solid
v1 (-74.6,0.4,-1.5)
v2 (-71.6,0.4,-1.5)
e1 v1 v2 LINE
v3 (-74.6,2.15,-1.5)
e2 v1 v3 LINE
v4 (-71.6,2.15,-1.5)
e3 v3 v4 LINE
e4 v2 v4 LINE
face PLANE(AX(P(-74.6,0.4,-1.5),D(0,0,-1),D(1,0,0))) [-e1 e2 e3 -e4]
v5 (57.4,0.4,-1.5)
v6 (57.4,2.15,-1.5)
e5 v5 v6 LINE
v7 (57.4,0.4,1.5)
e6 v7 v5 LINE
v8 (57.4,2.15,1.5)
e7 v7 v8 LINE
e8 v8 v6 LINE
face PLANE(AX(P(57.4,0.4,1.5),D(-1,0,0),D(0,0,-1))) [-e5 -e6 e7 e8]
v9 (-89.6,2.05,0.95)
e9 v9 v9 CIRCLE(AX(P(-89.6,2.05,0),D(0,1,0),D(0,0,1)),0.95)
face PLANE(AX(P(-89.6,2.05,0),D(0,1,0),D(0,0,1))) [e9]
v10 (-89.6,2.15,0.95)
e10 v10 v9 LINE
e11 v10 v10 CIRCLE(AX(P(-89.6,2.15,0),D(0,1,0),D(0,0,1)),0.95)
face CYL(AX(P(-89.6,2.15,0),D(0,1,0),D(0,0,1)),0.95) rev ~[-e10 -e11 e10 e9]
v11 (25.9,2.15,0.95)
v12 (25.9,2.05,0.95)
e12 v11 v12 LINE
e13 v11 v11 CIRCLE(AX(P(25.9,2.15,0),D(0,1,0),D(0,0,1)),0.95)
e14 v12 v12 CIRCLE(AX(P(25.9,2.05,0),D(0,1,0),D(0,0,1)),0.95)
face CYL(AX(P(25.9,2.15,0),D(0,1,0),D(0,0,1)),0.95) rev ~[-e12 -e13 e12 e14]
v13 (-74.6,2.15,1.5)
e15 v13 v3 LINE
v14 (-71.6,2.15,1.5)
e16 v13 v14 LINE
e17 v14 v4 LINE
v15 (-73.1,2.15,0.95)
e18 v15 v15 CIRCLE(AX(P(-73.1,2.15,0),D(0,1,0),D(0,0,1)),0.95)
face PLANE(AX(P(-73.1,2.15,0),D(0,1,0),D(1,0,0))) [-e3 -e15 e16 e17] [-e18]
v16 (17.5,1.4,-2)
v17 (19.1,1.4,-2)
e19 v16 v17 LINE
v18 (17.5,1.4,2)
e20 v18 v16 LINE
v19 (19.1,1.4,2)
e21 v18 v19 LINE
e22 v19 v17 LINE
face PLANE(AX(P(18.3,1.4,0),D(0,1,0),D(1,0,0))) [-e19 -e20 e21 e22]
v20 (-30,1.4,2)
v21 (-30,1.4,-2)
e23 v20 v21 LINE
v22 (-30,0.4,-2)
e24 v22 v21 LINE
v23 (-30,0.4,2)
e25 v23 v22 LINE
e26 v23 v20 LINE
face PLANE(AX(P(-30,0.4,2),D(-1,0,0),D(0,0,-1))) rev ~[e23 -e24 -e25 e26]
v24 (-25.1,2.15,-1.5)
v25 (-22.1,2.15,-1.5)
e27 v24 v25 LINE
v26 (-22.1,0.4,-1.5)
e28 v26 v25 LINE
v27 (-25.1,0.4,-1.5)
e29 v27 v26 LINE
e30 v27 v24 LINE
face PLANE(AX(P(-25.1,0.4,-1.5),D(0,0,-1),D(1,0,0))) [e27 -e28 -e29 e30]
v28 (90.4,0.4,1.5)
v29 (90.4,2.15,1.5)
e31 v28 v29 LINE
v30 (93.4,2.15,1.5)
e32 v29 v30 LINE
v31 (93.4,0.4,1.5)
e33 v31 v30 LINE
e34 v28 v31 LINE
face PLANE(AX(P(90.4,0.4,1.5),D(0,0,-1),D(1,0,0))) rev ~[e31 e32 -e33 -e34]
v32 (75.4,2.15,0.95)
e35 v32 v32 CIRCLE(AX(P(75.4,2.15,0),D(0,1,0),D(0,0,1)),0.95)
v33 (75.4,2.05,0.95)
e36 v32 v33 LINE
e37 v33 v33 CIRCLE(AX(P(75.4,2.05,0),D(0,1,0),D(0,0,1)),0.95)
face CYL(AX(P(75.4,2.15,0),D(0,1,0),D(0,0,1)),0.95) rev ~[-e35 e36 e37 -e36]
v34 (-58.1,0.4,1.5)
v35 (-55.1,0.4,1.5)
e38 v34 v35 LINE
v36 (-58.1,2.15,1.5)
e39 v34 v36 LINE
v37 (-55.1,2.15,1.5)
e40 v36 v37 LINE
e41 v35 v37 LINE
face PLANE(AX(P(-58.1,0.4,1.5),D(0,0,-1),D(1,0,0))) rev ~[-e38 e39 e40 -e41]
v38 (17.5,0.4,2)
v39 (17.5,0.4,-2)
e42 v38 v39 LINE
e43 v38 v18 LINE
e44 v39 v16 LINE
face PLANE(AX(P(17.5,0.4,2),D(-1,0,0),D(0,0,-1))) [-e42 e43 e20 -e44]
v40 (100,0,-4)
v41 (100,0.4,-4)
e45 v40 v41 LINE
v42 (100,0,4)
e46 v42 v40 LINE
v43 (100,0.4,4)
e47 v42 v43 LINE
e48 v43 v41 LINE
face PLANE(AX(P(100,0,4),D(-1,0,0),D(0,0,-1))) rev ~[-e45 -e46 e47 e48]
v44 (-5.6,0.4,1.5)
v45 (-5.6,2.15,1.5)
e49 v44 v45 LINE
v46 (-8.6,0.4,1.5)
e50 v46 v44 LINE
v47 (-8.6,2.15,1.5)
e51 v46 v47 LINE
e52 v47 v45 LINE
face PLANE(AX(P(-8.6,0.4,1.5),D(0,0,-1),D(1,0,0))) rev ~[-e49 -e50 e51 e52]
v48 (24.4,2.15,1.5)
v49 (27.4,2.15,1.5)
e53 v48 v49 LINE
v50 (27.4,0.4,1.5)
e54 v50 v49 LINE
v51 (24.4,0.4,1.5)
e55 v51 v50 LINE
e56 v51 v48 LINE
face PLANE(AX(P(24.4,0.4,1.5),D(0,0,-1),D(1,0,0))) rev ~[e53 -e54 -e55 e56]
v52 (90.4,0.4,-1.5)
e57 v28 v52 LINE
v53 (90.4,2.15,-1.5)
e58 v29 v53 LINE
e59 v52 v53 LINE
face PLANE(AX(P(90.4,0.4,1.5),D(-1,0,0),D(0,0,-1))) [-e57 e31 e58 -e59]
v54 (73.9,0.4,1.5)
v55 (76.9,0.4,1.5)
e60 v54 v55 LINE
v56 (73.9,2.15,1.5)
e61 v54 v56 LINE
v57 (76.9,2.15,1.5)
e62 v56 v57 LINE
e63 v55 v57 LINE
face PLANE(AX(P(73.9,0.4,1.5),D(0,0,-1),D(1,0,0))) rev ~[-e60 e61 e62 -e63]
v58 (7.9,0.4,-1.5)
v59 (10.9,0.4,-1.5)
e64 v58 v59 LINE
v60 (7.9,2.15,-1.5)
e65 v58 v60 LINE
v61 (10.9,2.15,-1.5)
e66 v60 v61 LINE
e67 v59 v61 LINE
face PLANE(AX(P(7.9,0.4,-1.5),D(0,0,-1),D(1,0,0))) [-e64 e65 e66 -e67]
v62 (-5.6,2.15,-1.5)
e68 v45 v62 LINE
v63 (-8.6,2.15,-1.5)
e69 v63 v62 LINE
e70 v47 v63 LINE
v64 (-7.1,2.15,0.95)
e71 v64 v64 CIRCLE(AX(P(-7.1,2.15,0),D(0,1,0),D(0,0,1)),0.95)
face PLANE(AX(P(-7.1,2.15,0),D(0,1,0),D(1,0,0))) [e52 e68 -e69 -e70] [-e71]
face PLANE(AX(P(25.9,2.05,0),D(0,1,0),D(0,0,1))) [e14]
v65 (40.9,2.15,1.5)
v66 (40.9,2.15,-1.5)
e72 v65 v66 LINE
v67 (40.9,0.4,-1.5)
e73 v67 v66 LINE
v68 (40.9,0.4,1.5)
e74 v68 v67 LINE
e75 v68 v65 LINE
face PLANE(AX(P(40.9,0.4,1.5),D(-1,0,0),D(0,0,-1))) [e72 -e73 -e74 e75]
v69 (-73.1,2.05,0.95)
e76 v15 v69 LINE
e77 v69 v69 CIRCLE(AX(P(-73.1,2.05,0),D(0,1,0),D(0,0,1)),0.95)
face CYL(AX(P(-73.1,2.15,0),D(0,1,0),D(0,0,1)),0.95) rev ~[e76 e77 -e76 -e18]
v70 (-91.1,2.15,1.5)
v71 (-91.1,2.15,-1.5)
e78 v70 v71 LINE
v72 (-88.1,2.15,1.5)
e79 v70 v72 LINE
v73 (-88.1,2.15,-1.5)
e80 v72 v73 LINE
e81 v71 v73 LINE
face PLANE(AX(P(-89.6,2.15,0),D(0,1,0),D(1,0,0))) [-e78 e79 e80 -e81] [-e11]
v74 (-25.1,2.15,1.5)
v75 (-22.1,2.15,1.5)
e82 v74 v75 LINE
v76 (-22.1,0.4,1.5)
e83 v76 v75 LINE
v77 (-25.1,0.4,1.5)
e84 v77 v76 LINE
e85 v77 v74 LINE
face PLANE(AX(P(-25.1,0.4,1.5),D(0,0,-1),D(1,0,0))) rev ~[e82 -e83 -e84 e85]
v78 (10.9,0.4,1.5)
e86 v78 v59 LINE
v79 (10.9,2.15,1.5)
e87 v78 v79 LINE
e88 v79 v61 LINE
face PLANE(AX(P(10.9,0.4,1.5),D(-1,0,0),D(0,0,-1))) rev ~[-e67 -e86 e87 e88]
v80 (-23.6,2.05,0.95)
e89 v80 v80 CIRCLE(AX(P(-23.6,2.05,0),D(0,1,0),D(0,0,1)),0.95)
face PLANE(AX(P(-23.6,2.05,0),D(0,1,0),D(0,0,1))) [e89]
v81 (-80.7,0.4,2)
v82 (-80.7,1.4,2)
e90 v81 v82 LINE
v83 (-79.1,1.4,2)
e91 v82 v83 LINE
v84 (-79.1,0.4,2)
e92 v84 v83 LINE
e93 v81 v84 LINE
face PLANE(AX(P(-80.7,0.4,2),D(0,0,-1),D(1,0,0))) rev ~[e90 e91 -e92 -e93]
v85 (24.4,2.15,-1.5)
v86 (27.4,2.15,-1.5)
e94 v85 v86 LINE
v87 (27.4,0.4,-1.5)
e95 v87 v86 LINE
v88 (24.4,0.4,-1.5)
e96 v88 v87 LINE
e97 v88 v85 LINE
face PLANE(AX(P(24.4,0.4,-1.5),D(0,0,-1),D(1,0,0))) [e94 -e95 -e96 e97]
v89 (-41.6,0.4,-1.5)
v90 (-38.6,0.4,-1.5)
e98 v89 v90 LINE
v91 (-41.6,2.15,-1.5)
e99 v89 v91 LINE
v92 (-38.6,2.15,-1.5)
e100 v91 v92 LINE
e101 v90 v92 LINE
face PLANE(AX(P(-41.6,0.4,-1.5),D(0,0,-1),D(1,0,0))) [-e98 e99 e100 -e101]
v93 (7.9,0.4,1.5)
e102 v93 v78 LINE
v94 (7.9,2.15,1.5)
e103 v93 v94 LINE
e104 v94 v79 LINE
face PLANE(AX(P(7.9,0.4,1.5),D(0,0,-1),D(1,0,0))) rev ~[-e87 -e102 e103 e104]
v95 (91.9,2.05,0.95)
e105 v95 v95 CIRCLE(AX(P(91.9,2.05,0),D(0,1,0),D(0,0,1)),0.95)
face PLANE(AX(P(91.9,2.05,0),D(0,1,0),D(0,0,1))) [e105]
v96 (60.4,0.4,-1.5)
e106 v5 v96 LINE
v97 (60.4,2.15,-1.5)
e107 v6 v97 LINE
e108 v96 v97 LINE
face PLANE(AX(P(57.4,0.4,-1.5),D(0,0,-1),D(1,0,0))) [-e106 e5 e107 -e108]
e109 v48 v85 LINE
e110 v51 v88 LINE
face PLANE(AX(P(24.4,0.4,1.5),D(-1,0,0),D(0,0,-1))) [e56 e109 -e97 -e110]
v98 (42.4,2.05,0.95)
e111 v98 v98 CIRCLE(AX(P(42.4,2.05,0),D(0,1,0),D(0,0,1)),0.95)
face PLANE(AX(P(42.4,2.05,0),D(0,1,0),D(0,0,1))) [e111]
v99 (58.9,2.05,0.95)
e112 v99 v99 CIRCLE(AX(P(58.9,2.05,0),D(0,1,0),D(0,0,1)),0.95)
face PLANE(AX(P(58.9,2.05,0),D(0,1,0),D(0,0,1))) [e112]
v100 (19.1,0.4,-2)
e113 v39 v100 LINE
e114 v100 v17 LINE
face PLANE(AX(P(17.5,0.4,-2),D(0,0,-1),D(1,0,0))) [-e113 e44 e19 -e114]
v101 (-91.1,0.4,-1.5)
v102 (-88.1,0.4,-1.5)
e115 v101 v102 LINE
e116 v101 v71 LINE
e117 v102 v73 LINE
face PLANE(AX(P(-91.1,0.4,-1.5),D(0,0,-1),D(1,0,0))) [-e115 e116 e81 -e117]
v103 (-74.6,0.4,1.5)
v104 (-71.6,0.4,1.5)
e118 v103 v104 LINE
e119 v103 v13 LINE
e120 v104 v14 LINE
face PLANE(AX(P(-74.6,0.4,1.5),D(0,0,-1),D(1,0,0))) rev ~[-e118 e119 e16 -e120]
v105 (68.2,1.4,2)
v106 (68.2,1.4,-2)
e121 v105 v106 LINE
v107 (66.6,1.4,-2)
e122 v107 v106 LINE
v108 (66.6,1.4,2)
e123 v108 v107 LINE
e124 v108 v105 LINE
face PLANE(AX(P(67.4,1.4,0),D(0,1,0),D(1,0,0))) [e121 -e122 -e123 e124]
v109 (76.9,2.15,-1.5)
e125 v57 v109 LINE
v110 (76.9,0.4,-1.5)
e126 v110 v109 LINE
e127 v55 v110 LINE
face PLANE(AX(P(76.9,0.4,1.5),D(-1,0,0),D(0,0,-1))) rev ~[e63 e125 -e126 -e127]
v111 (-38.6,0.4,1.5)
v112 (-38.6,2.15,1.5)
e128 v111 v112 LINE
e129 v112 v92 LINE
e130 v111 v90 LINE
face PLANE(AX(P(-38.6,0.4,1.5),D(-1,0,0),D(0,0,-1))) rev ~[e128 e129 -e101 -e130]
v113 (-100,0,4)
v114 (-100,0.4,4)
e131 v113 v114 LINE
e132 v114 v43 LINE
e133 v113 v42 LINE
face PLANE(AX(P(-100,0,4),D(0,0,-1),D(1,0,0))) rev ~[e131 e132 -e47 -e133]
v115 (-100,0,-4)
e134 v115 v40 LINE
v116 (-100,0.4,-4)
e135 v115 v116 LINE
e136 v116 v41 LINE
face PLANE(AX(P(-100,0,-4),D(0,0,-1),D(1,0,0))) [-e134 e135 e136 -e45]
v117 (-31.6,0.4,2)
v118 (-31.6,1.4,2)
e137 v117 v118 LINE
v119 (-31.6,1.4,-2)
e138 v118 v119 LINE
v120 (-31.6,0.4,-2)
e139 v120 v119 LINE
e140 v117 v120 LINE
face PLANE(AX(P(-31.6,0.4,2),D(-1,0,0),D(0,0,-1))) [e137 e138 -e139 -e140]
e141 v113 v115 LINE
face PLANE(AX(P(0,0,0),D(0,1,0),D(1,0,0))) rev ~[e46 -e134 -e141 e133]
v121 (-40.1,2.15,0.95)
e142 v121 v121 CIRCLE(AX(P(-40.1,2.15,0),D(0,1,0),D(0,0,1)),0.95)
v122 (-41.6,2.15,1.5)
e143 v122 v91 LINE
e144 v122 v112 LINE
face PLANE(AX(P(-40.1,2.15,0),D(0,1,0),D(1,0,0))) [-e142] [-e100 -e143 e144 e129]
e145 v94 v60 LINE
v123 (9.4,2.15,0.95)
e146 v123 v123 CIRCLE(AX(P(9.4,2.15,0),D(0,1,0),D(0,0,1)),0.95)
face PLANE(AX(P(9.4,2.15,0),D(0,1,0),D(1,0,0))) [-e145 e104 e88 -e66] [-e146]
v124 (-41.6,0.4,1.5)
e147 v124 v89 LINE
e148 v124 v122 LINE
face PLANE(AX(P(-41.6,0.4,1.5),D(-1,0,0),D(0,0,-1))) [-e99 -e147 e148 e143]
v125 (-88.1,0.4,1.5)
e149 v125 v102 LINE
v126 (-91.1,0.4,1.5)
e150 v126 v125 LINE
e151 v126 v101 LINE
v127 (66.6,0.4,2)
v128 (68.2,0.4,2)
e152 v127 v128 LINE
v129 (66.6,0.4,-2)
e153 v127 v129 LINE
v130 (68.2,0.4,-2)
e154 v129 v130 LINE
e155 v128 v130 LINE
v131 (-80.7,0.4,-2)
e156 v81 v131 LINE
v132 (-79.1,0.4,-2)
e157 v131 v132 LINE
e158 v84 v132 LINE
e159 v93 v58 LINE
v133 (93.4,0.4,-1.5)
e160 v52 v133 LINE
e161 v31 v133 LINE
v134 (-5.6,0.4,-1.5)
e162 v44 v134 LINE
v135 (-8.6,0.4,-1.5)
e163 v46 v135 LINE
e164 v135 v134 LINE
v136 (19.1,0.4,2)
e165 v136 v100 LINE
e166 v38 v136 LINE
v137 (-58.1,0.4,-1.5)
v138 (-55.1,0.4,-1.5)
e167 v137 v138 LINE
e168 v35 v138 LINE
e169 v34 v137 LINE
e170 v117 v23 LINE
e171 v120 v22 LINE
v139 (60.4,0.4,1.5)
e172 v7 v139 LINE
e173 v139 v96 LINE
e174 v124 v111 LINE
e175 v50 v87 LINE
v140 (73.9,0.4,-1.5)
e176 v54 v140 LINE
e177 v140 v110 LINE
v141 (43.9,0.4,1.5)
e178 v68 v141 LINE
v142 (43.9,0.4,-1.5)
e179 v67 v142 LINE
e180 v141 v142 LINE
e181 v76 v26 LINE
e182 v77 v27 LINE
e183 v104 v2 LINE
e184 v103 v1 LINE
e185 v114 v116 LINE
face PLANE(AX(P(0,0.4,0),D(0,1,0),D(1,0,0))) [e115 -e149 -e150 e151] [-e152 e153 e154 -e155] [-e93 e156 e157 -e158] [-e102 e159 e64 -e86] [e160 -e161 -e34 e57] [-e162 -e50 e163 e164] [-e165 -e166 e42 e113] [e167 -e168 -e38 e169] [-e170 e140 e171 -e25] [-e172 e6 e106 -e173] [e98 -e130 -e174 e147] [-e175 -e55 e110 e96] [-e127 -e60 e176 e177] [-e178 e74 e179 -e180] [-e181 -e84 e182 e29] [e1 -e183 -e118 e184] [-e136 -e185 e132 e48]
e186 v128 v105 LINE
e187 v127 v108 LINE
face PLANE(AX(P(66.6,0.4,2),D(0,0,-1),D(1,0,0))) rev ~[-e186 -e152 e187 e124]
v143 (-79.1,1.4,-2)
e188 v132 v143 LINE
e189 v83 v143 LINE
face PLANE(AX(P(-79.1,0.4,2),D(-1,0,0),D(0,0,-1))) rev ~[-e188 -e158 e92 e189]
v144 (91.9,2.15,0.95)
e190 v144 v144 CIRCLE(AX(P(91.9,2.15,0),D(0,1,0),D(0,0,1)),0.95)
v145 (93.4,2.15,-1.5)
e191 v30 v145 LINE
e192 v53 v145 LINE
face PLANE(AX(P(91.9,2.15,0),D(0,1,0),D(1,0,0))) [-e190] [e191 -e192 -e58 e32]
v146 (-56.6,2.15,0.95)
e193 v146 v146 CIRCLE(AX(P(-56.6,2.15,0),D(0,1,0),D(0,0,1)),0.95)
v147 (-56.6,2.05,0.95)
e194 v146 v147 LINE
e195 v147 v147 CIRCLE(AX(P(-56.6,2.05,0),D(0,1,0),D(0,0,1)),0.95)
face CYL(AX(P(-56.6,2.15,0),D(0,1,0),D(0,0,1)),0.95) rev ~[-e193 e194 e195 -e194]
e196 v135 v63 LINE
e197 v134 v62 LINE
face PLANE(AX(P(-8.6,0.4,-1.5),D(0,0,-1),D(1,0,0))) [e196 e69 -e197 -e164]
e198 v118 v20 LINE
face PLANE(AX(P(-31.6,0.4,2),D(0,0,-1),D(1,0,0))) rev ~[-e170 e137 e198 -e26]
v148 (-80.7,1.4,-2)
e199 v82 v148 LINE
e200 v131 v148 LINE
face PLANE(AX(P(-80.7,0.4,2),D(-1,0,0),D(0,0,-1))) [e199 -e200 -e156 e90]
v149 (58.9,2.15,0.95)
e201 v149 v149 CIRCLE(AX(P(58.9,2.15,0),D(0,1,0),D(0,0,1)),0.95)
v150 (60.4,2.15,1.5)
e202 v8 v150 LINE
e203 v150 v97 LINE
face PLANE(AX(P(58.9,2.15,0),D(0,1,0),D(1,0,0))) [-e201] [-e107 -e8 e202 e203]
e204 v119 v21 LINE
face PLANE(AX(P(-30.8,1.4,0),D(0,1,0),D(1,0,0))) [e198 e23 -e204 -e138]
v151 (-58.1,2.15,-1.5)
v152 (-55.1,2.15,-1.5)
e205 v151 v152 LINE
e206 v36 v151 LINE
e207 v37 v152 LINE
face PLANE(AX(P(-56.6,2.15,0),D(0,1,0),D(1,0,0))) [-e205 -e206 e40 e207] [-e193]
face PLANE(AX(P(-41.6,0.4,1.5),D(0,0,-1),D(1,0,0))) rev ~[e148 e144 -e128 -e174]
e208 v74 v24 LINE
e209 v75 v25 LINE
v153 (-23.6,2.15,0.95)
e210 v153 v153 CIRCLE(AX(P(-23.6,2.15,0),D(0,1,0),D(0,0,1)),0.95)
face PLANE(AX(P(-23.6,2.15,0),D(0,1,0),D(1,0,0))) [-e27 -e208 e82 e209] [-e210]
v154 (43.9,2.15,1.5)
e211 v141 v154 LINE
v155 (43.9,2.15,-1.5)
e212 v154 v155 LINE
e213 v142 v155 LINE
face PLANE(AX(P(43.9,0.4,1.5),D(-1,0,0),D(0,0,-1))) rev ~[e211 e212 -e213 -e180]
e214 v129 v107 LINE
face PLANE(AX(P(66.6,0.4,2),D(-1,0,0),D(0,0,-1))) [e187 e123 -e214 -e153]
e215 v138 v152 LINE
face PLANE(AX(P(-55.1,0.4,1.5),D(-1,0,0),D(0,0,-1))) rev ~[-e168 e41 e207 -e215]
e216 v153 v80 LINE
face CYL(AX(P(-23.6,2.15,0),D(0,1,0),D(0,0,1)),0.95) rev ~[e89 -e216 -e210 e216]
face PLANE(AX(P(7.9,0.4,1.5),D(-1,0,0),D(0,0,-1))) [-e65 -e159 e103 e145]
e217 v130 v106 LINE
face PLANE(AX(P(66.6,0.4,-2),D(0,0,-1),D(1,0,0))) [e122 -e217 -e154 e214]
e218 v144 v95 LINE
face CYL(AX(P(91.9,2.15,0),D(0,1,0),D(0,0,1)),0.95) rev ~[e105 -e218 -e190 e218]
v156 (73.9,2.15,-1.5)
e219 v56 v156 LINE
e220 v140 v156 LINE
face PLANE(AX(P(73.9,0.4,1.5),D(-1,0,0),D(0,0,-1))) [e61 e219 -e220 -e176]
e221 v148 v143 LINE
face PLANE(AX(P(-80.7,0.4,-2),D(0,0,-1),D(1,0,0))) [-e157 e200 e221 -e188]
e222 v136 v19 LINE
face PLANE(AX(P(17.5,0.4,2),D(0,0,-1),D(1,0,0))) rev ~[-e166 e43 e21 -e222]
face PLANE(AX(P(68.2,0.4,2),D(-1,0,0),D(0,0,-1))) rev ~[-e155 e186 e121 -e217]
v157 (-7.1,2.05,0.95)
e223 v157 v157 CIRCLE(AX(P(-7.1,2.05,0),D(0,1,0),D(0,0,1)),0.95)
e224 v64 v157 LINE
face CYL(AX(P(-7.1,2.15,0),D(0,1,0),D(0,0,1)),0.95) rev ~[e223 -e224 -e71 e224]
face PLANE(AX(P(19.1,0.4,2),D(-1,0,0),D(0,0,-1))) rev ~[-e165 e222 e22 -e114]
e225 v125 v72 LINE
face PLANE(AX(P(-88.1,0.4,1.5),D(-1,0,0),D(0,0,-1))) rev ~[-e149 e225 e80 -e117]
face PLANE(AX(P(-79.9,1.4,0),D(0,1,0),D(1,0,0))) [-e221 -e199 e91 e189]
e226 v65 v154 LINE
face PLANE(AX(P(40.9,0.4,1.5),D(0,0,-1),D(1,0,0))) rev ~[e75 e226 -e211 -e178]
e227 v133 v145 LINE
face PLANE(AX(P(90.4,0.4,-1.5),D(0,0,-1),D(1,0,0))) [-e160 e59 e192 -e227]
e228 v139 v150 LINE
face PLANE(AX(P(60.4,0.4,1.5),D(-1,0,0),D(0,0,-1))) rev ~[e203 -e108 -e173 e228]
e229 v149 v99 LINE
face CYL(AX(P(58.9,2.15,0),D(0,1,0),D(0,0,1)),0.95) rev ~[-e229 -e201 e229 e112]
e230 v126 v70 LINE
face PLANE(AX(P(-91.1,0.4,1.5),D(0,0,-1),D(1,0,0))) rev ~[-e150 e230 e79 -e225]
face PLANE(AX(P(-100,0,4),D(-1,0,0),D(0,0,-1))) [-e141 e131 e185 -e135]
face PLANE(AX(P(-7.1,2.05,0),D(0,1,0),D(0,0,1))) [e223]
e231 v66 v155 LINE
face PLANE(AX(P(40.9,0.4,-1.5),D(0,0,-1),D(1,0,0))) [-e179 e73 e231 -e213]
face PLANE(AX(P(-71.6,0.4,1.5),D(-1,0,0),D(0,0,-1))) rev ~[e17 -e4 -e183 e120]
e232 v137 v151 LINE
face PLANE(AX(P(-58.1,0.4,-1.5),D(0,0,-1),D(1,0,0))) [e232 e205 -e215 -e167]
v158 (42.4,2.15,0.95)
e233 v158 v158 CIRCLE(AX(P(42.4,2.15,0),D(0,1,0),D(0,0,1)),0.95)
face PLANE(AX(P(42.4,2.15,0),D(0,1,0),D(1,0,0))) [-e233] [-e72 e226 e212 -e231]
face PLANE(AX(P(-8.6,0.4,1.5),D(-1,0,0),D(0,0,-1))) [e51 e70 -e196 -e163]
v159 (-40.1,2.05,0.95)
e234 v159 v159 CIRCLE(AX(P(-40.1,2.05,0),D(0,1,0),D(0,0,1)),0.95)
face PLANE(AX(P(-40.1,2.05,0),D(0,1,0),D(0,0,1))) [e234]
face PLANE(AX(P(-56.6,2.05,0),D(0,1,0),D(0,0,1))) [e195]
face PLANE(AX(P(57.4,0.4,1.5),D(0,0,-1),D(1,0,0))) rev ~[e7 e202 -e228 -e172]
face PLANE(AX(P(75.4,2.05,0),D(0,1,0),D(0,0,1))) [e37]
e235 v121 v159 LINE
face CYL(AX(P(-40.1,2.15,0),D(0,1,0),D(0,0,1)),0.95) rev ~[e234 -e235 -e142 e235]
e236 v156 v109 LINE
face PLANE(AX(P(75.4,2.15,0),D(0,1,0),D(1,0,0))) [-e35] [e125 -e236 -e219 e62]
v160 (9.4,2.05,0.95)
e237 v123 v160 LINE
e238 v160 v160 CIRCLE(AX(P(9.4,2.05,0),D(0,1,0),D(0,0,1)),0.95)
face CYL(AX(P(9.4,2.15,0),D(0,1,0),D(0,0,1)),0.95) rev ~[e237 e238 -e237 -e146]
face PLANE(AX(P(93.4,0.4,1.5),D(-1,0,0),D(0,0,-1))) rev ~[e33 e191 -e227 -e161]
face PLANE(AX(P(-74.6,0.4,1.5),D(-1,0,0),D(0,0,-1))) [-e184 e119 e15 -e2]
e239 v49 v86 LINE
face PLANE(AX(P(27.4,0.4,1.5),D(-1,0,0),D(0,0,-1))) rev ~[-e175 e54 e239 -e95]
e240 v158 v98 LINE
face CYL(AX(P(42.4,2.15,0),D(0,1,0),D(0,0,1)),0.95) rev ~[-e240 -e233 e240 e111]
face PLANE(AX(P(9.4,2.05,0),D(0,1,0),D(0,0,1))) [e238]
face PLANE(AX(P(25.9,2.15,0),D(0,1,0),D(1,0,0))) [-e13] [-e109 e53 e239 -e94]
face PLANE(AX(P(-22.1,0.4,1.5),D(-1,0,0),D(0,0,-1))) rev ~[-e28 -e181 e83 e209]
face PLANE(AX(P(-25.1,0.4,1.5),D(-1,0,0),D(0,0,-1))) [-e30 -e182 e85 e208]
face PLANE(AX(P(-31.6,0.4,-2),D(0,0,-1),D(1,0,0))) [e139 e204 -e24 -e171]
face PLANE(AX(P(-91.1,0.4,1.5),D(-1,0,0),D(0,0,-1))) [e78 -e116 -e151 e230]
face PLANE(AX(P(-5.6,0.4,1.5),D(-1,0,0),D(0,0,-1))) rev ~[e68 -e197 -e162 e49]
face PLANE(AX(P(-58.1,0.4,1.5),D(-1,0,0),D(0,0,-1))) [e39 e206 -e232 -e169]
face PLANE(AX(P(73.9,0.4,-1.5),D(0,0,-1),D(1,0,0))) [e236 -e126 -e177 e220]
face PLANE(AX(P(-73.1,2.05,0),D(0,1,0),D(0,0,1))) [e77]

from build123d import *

# Parameters (mm, degrees)
SKETCH1_W           = 200
SKETCH1_H           = 8
BOSS_EXTRUDE1_DEPTH = 0.4
SKETCH2_W           = 3
SKETCH2_H           = 3
BOSS_EXTRUDE2_DEPTH = 1.75
SKETCH3_R           = 0.95
CUT_EXTRUDE1_DEPTH  = 0.1
LPATTERN1_COUNT     = 12
LPATTERN1_PITCH     = 16.5
SKETCH4_W           = 1.6
SKETCH4_H           = 4
BOSS_EXTRUDE3_DEPTH = 1
LPATTERN2_COUNT     = 4
LPATTERN2_PITCH     = 49.1


with BuildPart() as part:
    # Sketch1 → Boss-Extrude1 (new body)
    with BuildSketch(Plane(origin=(0, 0, 0), x_dir=(1, 0, 0), z_dir=(0, 1, 0))):
        Rectangle(SKETCH1_W, SKETCH1_H)
    extrude(amount=BOSS_EXTRUDE1_DEPTH)

    # Sketch2 → Boss-Extrude2 (add)
    with BuildSketch(Plane(origin=(0, 0.4, 0), x_dir=(1, 0, 0), z_dir=(0, 1, 0))):
        with Locations((91.9, 0)):
            Rectangle(SKETCH2_W, SKETCH2_H)
    boss_extrude2 = extrude(amount=BOSS_EXTRUDE2_DEPTH)

    # Sketch3 → Cut-Extrude1 (cut)
    with BuildSketch(Plane(origin=(0, 2.15, 0), x_dir=(1, 0, 0), z_dir=(0, 1, 0))):
        with Locations((91.9, 0)):
            Circle(SKETCH3_R)
    cut_extrude1 = extrude(amount=-CUT_EXTRUDE1_DEPTH, mode=Mode.SUBTRACT)

    # LPattern1: Boss-Extrude2, Cut-Extrude1 ×12
    with Locations(*[(-i * LPATTERN1_PITCH, 0, 0) for i in range(1, LPATTERN1_COUNT)]):
        add(boss_extrude2)
        add(cut_extrude1, mode=Mode.SUBTRACT)

    # Sketch4 → Boss-Extrude3 (add)
    with BuildSketch(Plane(origin=(0, 0.4, 0), x_dir=(1, 0, 0), z_dir=(0, 1, 0))):
        with Locations((67.4, 0)):
            Rectangle(SKETCH4_W, SKETCH4_H)
    boss_extrude3 = extrude(amount=BOSS_EXTRUDE3_DEPTH)

    # LPattern2: Boss-Extrude3 ×4
    with Locations(*[(-i * LPATTERN2_PITCH, 0, 0) for i in range(1, LPATTERN2_COUNT)]):
        add(boss_extrude3)


solid = part.part
